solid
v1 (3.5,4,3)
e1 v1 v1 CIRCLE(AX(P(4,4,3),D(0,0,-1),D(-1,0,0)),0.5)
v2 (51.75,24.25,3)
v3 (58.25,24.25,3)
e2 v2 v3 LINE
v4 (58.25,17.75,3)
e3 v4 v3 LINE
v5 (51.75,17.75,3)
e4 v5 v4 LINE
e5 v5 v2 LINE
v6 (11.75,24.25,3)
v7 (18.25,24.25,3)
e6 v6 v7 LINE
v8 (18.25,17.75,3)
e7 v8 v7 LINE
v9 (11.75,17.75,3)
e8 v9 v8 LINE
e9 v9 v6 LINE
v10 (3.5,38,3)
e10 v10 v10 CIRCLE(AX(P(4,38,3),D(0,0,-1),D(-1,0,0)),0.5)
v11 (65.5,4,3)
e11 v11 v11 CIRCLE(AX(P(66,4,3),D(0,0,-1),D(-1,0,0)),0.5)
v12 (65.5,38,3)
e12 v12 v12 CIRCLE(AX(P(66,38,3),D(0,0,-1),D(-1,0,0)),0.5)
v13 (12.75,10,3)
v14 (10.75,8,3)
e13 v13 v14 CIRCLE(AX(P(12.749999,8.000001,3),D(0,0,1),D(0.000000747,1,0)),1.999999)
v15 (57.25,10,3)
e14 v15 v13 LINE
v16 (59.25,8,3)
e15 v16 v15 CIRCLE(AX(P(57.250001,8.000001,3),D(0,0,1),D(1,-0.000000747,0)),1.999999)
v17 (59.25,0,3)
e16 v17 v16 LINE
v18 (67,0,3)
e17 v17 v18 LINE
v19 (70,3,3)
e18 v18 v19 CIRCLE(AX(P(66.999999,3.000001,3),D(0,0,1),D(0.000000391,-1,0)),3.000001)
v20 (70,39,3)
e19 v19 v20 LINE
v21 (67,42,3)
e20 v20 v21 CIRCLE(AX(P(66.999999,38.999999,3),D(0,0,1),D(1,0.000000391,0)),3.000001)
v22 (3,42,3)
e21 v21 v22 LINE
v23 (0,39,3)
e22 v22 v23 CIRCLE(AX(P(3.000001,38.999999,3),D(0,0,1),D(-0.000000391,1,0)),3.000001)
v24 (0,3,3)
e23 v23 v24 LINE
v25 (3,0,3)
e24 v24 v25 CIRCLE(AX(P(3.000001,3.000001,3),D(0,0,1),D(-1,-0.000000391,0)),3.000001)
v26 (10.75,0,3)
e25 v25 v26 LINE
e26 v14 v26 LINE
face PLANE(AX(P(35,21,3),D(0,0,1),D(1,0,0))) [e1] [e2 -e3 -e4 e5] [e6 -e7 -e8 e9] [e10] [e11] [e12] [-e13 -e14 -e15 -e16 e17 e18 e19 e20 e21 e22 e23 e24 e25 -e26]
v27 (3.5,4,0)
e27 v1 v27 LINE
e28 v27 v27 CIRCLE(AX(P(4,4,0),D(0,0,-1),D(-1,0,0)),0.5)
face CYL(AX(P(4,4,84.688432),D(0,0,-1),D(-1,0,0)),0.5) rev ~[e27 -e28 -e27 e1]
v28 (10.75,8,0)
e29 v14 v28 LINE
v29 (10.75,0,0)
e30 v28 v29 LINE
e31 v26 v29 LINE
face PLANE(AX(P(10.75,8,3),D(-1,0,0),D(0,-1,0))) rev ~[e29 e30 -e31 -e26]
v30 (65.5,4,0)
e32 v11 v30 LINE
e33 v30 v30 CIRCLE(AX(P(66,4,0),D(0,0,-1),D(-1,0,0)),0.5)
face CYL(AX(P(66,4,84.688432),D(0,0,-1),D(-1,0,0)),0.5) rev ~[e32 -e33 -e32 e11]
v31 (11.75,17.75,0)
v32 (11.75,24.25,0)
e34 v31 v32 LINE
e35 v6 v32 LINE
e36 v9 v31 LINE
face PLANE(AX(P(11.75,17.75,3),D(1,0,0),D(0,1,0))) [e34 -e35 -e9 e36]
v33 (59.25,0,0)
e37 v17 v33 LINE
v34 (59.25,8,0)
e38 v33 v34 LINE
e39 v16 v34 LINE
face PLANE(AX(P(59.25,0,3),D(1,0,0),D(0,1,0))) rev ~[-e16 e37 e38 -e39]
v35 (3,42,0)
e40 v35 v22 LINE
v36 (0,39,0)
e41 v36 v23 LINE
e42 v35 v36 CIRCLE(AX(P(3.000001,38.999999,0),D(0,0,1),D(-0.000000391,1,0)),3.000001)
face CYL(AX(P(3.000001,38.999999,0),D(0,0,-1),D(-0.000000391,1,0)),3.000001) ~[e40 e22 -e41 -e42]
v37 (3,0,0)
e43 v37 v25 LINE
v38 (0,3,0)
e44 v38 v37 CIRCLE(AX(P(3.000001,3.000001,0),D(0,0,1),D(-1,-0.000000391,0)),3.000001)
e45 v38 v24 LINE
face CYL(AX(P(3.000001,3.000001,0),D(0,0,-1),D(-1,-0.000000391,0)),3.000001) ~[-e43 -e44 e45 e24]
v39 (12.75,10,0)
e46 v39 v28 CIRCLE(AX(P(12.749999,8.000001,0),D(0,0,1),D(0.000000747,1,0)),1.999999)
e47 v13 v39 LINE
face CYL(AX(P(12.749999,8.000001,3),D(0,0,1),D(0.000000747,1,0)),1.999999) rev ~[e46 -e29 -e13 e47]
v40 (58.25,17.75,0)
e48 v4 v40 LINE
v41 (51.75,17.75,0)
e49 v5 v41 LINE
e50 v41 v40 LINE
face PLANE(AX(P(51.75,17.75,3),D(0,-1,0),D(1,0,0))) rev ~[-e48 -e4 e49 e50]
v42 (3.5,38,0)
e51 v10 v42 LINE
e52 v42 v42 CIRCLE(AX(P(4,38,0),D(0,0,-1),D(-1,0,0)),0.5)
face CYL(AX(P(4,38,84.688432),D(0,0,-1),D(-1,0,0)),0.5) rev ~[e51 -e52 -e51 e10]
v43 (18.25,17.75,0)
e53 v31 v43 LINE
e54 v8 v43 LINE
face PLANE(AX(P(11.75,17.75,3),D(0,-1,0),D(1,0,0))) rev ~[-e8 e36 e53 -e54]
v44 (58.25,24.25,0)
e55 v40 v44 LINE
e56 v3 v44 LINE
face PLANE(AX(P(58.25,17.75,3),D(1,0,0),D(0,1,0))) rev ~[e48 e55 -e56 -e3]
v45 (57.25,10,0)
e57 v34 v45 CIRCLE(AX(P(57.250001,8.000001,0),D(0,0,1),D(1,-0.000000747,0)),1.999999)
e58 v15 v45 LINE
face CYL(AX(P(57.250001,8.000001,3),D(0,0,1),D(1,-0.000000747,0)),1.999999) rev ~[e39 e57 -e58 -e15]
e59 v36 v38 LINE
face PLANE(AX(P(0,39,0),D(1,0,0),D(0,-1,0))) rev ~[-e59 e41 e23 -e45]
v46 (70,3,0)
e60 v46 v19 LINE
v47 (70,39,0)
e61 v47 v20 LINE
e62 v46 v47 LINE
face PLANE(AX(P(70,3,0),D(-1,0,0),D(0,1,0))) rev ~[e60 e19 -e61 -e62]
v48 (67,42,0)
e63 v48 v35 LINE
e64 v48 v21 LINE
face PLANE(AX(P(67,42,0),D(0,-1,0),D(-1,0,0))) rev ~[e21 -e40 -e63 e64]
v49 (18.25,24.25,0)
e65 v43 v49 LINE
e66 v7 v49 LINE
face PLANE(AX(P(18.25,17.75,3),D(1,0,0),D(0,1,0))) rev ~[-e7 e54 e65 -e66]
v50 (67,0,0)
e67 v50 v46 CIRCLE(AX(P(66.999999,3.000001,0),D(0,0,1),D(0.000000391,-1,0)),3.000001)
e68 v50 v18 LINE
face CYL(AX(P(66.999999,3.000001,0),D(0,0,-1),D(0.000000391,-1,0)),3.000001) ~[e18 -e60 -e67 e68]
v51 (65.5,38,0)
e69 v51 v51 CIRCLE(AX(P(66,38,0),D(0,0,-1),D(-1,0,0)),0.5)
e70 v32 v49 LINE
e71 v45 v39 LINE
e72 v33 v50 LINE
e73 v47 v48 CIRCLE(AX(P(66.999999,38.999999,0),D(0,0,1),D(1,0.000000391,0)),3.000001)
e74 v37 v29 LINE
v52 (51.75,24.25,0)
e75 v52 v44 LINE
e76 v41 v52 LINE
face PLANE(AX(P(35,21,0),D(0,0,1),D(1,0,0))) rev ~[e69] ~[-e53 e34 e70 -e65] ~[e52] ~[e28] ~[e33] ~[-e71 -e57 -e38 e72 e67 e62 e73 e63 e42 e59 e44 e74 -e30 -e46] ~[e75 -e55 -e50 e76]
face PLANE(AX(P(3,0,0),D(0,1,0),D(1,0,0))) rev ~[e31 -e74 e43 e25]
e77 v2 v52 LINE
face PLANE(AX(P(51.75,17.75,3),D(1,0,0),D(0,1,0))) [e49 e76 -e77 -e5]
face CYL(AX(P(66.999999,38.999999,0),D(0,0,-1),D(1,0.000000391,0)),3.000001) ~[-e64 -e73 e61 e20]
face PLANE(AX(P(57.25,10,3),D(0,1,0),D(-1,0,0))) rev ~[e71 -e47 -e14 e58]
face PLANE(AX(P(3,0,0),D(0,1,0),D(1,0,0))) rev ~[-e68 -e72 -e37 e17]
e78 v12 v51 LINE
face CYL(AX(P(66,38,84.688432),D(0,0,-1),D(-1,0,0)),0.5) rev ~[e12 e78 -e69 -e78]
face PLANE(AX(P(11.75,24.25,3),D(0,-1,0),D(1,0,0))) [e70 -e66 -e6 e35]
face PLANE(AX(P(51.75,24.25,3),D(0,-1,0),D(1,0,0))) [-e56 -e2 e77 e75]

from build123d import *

# Parameters (mm, degrees)
F1_DEPTH = 3
F3_D     = 4
F4_W     = 6.5
F4_H     = 6.5
F5_DEPTH = 3
F6_R     = 2
F7_DEPTH = 3.001
F9_D     = 1


with BuildPart() as f1:
    # F0 (on Top) → F1 (new body)
    with BuildSketch(Plane.XY):
        with BuildLine():
            ThreePointArc((0, 3), (0.87868, 0.87868), (3, 0))
            Line((3, 0), (67, 0))
            ThreePointArc((67, 0), (69.12132, 0.87868), (70, 3))
            Line((70, 3), (70, 39))
            ThreePointArc((70, 39), (69.12132, 41.12132), (67, 42))
            Line((67, 42), (3, 42))
            ThreePointArc((3, 42), (0.87868, 41.12132), (0, 39))
            Line((0, 39), (0, 3))
        make_face()
    extrude(amount=F1_DEPTH)

    # F3 (through all)
    with Locations(Plane.XY.offset(3)):
        with Locations((14, 7), (24.5, 7), (35, 7), (45.5, 7), (56, 7)):
            Hole(F3_D / 2)

    # F4 (on face) → F5 (cut, through all)
    with BuildSketch(Plane.XY.offset(3)):
        with Locations((15, 21)):
            Rectangle(F4_W, F4_H)
        with Locations((55, 21)):
            Rectangle(F4_W, F4_H)
    extrude(amount=-F5_DEPTH, mode=Mode.SUBTRACT)

    # F6 (on face) → F7 (cut, through all)
    with BuildSketch(Plane.XY.offset(3)):
        with BuildLine():
            Line((57.25, 10), (12.75, 10))
            ThreePointArc((12.75, 10), (11.335786, 9.414214), (10.75, 8))
            Line((10.75, 8), (10.75, 0))
            Line((10.75, 0), (59.25, 0))
            Line((59.25, 0), (59.25, 8))
            ThreePointArc((59.25, 8), (58.664214, 9.414214), (57.25, 10))
        make_face()
        with Locations((14, 7)):
            Circle(F6_R, mode=Mode.SUBTRACT)
        with Locations((24.5, 7)):
            Circle(F6_R, mode=Mode.SUBTRACT)
        with Locations((35, 7)):
            Circle(F6_R, mode=Mode.SUBTRACT)
        with Locations((45.5, 7)):
            Circle(F6_R, mode=Mode.SUBTRACT)
        with Locations((56, 7)):
            Circle(F6_R, mode=Mode.SUBTRACT)
    extrude(amount=-F7_DEPTH, mode=Mode.SUBTRACT)

    # F9 (through all)
    with Locations(Plane.XY.offset(3)):
        with Locations((4, 38), (4, 4), (66, 4), (66, 38)):
            Hole(F9_D / 2)


solid = f1.part
